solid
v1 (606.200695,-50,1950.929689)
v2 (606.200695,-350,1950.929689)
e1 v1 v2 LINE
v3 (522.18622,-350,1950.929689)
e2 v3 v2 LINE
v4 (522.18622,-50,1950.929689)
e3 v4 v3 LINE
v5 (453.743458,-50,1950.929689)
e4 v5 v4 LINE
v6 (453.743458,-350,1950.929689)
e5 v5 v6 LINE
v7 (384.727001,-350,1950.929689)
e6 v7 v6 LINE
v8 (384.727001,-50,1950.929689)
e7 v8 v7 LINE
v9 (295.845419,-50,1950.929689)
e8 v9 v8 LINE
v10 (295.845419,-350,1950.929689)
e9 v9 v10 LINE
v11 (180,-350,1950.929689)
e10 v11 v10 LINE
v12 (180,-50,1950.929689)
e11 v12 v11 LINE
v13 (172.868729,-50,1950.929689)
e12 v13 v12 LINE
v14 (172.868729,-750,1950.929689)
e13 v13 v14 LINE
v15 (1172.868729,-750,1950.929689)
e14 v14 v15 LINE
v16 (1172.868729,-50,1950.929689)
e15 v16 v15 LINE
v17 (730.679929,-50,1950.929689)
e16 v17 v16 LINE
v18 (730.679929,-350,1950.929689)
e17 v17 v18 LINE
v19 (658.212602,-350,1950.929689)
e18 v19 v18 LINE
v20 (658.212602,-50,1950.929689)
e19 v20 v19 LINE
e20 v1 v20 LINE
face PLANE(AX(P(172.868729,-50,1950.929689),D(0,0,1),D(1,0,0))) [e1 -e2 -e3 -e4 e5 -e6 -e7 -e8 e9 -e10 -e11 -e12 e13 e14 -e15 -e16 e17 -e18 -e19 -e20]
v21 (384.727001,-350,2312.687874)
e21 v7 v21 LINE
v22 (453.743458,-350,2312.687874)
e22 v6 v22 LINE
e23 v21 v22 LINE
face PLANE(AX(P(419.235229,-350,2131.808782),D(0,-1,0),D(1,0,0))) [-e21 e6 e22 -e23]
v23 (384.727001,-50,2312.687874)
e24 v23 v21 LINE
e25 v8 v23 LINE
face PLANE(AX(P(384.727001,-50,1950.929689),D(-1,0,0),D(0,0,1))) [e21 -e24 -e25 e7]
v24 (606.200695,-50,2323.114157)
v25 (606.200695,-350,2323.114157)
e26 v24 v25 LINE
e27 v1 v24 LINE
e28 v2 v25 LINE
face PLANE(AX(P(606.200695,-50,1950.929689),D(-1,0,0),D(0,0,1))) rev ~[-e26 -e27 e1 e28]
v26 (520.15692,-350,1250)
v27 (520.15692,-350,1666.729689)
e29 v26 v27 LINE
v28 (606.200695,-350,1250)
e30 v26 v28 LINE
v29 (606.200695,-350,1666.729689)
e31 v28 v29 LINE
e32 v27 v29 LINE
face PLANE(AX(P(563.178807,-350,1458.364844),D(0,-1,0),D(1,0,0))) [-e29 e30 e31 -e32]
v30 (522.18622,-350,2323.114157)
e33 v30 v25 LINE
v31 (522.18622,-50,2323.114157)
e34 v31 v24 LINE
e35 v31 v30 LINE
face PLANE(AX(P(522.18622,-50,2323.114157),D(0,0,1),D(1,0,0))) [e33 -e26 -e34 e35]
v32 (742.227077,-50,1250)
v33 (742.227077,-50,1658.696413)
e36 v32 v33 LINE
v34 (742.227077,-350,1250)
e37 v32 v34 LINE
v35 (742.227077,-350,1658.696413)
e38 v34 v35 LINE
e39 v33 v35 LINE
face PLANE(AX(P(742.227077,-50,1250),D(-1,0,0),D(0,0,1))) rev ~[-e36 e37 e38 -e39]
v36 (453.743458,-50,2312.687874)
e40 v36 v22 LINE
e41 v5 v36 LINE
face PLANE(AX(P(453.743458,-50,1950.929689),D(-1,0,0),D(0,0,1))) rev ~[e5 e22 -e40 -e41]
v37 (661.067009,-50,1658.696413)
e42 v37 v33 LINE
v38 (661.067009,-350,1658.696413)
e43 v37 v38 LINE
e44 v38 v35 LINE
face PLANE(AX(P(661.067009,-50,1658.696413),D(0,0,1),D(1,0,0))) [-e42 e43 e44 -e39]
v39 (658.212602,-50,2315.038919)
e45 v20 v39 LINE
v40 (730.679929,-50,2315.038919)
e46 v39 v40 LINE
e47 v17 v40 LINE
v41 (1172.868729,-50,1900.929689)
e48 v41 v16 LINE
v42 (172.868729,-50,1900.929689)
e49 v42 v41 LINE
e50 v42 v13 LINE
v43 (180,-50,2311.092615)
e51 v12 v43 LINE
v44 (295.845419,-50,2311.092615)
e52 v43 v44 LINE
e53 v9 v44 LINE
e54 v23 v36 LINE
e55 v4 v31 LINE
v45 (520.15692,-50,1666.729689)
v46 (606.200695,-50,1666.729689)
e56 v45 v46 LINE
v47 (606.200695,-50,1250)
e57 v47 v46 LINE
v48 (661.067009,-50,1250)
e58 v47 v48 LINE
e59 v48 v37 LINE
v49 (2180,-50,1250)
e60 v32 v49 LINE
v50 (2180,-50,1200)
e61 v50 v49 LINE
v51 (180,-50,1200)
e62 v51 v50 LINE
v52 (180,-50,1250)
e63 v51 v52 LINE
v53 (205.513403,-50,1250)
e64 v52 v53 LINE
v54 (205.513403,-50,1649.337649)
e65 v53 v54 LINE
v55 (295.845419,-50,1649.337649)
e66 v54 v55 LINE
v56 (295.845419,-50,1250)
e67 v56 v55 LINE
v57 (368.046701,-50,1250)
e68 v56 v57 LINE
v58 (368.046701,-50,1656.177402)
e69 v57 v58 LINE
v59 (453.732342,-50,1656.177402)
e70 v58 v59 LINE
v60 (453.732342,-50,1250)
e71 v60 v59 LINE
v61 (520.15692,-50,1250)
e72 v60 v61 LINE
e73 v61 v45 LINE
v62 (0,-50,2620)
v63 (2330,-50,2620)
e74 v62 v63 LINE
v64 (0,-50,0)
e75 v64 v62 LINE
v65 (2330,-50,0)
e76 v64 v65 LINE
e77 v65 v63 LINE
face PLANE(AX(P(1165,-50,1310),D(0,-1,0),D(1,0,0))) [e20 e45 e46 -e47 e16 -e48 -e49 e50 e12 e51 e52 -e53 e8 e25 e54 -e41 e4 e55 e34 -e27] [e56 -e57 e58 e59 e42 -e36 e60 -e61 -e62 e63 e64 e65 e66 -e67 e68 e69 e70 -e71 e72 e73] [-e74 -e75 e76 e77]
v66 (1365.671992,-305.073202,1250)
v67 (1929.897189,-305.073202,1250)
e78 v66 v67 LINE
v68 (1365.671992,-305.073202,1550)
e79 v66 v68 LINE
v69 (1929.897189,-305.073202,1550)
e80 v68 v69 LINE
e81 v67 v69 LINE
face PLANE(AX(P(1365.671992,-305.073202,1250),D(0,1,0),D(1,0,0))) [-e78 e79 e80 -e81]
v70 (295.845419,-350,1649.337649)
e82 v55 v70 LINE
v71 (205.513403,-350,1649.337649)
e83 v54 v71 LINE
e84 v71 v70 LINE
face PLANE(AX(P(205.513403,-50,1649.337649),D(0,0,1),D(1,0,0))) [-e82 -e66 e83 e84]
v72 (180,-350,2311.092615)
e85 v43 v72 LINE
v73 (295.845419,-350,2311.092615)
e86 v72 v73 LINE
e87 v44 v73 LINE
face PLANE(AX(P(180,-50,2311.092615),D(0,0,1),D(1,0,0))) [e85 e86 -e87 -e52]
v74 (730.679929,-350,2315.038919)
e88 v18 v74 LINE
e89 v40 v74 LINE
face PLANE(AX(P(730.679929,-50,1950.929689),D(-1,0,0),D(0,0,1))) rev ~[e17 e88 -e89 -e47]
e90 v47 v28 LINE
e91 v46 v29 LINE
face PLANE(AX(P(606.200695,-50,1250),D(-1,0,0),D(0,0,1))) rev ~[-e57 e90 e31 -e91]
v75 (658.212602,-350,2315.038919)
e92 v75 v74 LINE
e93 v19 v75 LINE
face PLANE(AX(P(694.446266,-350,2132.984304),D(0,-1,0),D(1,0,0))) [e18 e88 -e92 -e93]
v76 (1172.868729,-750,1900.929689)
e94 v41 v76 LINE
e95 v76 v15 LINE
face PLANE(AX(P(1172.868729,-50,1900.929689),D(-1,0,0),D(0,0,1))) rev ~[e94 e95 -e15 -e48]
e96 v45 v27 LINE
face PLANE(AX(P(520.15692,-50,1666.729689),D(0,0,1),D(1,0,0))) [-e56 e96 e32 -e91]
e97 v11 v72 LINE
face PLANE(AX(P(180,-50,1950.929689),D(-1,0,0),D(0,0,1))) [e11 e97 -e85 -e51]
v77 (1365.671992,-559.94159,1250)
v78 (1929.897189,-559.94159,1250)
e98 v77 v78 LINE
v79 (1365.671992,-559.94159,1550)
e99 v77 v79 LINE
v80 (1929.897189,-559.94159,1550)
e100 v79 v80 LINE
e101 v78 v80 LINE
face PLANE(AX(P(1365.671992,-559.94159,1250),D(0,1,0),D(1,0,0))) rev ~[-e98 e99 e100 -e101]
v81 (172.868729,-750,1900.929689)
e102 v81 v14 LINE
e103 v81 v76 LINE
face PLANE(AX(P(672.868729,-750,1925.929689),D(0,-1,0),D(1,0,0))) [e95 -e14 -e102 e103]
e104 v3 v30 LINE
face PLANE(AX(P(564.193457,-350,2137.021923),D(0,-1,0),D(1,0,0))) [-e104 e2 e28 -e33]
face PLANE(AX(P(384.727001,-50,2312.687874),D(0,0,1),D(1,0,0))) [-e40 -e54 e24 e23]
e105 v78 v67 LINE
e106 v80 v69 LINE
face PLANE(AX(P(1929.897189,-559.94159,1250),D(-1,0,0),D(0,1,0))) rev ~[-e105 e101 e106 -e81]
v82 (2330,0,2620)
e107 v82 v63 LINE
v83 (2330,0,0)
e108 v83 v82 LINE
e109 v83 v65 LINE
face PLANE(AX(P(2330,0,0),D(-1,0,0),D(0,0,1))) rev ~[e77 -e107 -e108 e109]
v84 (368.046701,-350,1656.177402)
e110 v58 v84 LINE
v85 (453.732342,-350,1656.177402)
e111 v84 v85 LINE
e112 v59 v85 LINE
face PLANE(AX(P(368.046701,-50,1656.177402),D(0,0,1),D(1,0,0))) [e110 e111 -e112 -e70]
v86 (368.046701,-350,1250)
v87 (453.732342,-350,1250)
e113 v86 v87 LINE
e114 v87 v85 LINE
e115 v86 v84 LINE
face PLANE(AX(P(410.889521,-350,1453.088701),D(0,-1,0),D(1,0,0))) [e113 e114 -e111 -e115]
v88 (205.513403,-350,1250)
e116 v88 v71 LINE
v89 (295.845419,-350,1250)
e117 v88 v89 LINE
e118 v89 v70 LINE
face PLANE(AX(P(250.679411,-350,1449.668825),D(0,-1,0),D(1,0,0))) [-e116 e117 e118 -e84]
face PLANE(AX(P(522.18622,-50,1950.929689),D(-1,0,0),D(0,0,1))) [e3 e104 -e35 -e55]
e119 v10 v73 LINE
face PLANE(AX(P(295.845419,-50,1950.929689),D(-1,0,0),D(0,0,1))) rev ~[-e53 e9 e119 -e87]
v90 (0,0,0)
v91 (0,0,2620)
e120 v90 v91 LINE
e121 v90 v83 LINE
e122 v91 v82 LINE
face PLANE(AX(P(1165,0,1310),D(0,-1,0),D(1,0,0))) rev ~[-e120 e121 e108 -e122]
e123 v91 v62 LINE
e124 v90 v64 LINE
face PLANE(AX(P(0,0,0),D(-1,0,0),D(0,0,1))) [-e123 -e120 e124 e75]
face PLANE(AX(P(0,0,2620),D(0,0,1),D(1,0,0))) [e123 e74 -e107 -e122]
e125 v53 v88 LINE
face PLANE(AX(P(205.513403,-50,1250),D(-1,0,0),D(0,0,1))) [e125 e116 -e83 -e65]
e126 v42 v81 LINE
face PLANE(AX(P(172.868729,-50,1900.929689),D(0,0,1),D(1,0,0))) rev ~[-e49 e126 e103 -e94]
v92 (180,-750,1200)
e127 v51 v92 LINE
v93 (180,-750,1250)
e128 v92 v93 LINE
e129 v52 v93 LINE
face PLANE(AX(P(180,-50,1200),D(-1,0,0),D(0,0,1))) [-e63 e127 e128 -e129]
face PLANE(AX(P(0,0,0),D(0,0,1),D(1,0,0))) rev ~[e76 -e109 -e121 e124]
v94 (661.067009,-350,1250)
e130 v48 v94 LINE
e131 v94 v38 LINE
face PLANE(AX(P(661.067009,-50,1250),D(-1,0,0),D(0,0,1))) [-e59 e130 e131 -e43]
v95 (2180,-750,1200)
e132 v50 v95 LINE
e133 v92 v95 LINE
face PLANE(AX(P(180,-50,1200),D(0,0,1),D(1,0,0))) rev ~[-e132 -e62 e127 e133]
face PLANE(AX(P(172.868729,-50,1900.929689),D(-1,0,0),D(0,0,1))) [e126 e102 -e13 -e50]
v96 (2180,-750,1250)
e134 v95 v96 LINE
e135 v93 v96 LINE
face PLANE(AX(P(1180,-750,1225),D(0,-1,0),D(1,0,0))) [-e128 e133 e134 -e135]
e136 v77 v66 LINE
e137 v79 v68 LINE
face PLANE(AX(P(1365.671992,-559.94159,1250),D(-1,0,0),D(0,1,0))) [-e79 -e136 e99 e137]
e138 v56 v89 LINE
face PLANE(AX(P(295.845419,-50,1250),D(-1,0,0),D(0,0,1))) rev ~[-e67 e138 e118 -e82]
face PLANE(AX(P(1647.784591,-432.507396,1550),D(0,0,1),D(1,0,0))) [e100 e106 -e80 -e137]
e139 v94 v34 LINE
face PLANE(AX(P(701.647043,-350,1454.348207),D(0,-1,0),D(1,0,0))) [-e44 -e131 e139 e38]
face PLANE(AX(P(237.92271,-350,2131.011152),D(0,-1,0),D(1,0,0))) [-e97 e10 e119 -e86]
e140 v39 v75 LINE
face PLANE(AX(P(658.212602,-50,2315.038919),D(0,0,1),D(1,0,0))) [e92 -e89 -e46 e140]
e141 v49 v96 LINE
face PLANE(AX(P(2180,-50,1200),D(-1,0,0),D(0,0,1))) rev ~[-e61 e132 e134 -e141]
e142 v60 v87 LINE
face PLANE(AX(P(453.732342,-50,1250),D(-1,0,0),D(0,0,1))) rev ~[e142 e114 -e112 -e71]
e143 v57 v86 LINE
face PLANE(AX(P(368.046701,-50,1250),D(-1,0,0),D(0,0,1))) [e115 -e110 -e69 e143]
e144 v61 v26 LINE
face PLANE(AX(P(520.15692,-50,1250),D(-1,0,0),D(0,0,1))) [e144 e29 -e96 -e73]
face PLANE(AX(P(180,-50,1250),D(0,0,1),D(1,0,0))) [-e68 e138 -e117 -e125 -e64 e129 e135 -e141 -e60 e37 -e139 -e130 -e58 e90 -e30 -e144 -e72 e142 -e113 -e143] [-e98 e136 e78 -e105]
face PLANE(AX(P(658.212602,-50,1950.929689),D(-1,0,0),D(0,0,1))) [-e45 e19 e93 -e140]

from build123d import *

# Parameters (mm, degrees)
F0_W     = 2330
F0_H     = 2620
F1_DEPTH = 50
F2_W     = 2000
F2_H     = 50
F3_DEPTH = 700
F4_W     = 1000
F4_H     = 50
F5_DEPTH = 700
F6_W     = 90.3320163488
F6_H     = 399.3376493454
F6_W_2   = 85.6856405735
F6_H_2   = 406.1774015427
F6_W_3   = 86.0437750816
F6_H_3   = 416.7296886444
F6_W_4   = 81.160068512
F6_H_4   = 408.6964130402
F6_W_5   = 115.8454191685
F6_H_5   = 360.1629257202
F6_W_6   = 69.016456604
F6_H_6   = 361.758184433
F6_W_7   = 84.0144753456
F6_H_7   = 372.1844673157
F6_W_8   = 72.4673271179
F6_H_8   = 364.1092300415
F7_DEPTH = 300
F8_W     = 564.2251968384
F8_H     = 254.868388176
F9_DEPTH = 300


with BuildPart() as f1:
    # F0 (on Front) → F1 (new body)
    with BuildSketch(Plane.XZ):
        with Locations((1165, 1310)):
            Rectangle(F0_W, F0_H)
    extrude(amount=F1_DEPTH)

    # F2 (on face) → F3 (join)
    with BuildSketch(Plane.XZ.offset(50)):
        with Locations((1180, 1225)):
            Rectangle(F2_W, F2_H)
    extrude(amount=F3_DEPTH)

    # F4 (on face) → F5 (join)
    with BuildSketch(Plane.XZ.offset(50)):
        with Locations((672.8687286377, 1925.9296894073)):
            Rectangle(F4_W, F4_H)
    extrude(amount=F5_DEPTH)

    # F6 (on face) → F7 (join)
    with BuildSketch(Plane.XZ.offset(50)):
        with Locations((250.6794109941, 1449.6688246727)):
            Rectangle(F6_W, F6_H)
        with Locations((410.8895212412, 1453.0887007713)):
            Rectangle(F6_W_2, F6_H_2)
        with Locations((563.178807497, 1458.3648443222)):
            Rectangle(F6_W_3, F6_H_3)
        with Locations((701.6470432281, 1454.3482065201)):
            Rectangle(F6_W_4, F6_H_4)
        with Locations((237.9227095842, 2131.0111522675)):
            Rectangle(F6_W_5, F6_H_5)
        with Locations((419.2352294922, 2131.8087816238)):
            Rectangle(F6_W_6, F6_H_6)
        with Locations((564.193457365, 2137.0219230652)):
            Rectangle(F6_W_7, F6_H_7)
        with Locations((694.4462656975, 2132.9843044281)):
            Rectangle(F6_W_8, F6_H_8)
    extrude(amount=F7_DEPTH)

    # F8 (on face) → F9 (join)
    with BuildSketch(Plane.XY.offset(1250)):
        with Locations((1647.7845907211, -432.5073957443)):
            Rectangle(F8_W, F8_H)
    extrude(amount=F9_DEPTH)


solid = f1.part
